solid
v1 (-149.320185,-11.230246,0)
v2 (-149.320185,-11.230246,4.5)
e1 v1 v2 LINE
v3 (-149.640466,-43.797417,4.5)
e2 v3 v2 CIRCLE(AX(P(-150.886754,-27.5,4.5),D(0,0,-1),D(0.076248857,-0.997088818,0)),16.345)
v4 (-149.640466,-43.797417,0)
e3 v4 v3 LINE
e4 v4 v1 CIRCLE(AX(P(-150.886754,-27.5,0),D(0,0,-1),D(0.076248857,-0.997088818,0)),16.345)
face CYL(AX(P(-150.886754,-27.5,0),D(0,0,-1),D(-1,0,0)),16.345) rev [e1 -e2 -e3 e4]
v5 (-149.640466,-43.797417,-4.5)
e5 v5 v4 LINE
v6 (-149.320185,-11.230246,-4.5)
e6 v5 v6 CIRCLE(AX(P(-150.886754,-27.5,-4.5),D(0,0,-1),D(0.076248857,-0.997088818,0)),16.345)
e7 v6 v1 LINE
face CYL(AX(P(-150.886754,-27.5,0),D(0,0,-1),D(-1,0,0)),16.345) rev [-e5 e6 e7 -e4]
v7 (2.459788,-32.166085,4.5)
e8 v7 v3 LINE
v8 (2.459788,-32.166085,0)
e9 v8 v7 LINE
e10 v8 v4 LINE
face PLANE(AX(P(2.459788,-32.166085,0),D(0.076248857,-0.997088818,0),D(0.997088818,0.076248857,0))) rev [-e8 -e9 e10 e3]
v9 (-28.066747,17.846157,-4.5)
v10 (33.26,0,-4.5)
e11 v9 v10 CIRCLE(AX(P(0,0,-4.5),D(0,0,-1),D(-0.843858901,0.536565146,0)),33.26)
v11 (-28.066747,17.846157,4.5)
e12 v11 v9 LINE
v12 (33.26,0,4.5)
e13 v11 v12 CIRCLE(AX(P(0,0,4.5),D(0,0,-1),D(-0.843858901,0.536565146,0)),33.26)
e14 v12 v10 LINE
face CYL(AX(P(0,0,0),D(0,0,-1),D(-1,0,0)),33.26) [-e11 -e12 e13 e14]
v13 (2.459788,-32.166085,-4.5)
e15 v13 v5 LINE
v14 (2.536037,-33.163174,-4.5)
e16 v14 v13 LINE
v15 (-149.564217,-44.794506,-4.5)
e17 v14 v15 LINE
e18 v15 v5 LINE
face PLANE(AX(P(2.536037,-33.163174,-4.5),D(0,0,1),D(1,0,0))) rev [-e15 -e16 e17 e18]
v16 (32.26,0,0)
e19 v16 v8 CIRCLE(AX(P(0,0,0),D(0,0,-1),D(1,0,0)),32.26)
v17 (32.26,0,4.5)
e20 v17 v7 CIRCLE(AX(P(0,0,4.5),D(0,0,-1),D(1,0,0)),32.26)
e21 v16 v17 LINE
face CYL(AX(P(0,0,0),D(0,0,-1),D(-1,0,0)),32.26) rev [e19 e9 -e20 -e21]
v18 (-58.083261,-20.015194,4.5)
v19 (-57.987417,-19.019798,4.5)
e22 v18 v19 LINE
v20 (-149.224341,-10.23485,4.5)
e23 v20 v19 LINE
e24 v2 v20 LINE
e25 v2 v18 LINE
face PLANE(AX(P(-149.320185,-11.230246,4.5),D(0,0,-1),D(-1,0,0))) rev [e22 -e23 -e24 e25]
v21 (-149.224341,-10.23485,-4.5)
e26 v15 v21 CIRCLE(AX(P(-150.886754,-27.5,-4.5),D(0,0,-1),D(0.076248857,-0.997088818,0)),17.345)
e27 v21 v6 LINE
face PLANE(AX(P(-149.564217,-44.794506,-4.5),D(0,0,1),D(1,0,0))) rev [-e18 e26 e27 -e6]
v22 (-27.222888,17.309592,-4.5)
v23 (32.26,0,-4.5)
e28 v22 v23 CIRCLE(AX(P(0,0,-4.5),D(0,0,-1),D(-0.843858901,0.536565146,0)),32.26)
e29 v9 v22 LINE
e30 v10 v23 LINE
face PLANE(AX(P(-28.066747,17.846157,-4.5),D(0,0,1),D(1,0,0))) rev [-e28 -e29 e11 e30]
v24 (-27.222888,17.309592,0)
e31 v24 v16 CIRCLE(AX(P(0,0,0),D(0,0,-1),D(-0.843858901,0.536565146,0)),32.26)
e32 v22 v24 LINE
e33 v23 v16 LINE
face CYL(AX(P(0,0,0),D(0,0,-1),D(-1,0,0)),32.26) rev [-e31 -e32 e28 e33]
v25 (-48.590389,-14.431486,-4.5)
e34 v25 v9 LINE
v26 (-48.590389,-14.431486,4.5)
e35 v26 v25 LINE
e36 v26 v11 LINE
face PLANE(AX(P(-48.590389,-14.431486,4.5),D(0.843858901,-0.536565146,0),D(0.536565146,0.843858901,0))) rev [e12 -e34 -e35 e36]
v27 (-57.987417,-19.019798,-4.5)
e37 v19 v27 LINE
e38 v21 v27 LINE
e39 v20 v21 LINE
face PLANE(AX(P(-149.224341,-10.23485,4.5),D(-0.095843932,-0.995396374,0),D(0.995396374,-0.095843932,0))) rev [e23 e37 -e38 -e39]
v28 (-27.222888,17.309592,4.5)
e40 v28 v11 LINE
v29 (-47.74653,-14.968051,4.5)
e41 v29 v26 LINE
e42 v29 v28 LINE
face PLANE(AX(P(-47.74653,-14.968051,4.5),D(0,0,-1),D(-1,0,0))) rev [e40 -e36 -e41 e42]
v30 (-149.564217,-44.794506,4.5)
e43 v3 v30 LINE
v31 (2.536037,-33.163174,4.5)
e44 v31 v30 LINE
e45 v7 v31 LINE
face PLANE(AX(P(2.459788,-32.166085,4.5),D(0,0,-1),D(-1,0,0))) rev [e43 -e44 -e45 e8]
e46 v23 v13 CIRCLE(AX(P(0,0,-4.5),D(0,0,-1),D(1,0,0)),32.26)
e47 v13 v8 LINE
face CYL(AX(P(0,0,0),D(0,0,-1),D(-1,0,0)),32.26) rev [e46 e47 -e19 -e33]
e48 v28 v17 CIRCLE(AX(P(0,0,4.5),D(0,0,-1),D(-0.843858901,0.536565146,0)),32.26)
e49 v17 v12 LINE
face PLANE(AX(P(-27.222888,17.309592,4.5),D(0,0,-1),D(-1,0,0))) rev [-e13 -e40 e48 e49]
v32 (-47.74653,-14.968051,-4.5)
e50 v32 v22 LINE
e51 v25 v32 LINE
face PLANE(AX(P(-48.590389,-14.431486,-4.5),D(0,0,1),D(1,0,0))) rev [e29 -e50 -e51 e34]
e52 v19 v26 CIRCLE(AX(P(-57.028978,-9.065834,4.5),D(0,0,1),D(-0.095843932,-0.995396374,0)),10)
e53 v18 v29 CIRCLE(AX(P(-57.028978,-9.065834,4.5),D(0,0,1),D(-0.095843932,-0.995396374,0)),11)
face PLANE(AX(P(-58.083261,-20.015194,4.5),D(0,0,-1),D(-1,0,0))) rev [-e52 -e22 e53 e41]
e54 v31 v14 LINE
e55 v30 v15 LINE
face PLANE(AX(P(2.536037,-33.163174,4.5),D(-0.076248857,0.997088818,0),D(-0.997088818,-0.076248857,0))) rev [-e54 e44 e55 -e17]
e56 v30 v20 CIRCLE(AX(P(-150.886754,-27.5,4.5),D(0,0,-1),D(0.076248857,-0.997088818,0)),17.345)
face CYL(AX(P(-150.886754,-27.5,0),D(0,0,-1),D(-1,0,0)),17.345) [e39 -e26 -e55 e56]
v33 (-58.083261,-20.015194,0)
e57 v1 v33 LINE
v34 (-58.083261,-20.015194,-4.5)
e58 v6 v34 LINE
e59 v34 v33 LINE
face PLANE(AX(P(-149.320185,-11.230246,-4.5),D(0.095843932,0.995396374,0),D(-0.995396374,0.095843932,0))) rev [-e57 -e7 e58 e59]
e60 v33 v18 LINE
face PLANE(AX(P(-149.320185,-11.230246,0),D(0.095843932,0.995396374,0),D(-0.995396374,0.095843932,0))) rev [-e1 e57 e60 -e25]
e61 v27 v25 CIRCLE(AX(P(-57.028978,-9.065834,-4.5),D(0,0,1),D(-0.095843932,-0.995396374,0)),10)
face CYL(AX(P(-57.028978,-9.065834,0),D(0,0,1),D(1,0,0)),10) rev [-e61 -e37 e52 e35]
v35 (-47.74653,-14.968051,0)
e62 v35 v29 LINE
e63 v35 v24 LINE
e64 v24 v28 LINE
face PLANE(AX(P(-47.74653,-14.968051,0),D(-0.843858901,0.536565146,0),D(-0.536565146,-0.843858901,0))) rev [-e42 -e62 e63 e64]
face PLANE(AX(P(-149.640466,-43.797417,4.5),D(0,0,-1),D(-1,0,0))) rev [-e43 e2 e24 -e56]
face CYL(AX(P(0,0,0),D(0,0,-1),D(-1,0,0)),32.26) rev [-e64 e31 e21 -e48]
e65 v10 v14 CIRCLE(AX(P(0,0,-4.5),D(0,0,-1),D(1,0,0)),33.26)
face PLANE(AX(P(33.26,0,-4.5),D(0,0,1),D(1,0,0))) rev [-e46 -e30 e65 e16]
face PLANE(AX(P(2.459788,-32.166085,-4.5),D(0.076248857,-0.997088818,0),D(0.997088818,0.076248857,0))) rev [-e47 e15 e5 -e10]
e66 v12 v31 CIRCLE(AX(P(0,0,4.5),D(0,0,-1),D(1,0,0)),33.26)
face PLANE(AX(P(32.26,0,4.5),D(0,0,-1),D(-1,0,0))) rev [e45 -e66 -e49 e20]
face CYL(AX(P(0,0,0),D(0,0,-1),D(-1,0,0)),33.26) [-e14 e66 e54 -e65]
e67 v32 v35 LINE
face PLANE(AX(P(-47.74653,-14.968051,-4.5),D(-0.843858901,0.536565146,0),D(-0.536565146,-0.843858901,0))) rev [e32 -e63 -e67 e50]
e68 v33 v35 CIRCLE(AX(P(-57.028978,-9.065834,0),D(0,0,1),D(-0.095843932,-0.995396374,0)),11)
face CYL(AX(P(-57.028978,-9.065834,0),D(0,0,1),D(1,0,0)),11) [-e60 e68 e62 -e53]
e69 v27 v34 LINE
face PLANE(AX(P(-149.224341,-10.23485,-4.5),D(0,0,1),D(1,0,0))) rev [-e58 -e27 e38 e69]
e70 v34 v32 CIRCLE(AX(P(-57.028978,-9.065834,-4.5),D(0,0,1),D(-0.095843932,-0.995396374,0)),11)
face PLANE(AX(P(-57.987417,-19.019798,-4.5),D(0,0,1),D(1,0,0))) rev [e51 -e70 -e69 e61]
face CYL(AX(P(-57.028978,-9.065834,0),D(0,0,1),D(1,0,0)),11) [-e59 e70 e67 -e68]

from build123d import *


with BuildPart() as part:
    # Sweep1: sweep along a path in Sketch2
    with BuildLine(Plane.XY) as sweep1_path:
        Line((2.459788124, -32.166085282), (-149.640466326, -43.797416737))
        ThreePointArc((-149.640466326, -43.797416737), (-167.230963528, -27.339263039), (-149.320184824, -11.230246272))
        Line((-149.320184824, -11.230246272), (-58.083261257, -20.015194383))
        ThreePointArc((-58.083261257, -20.015194383), (-52.202583099, -18.950464372), (-47.746530099, -14.968050876))
        Line((-47.746530099, -14.968050876), (-27.222888137, 17.309591604))
        ThreePointArc((-27.222888137, 17.309591604), (27.663395153, 16.596510736), (2.459788124, -32.166085282))
    # Sketch3 → Sweep1 (sweep)
    with BuildSketch(Plane(origin=(0, 0, 0), x_dir=(1, 0, 0), z_dir=(0, 1, 0))):
        Polygon((32.26, 0), (32.26, -4.5), (33.26, -4.5), (33.26, 4.5), (32.26, 4.5), align=None)
    sweep(path=sweep1_path.line)


solid = part.part
